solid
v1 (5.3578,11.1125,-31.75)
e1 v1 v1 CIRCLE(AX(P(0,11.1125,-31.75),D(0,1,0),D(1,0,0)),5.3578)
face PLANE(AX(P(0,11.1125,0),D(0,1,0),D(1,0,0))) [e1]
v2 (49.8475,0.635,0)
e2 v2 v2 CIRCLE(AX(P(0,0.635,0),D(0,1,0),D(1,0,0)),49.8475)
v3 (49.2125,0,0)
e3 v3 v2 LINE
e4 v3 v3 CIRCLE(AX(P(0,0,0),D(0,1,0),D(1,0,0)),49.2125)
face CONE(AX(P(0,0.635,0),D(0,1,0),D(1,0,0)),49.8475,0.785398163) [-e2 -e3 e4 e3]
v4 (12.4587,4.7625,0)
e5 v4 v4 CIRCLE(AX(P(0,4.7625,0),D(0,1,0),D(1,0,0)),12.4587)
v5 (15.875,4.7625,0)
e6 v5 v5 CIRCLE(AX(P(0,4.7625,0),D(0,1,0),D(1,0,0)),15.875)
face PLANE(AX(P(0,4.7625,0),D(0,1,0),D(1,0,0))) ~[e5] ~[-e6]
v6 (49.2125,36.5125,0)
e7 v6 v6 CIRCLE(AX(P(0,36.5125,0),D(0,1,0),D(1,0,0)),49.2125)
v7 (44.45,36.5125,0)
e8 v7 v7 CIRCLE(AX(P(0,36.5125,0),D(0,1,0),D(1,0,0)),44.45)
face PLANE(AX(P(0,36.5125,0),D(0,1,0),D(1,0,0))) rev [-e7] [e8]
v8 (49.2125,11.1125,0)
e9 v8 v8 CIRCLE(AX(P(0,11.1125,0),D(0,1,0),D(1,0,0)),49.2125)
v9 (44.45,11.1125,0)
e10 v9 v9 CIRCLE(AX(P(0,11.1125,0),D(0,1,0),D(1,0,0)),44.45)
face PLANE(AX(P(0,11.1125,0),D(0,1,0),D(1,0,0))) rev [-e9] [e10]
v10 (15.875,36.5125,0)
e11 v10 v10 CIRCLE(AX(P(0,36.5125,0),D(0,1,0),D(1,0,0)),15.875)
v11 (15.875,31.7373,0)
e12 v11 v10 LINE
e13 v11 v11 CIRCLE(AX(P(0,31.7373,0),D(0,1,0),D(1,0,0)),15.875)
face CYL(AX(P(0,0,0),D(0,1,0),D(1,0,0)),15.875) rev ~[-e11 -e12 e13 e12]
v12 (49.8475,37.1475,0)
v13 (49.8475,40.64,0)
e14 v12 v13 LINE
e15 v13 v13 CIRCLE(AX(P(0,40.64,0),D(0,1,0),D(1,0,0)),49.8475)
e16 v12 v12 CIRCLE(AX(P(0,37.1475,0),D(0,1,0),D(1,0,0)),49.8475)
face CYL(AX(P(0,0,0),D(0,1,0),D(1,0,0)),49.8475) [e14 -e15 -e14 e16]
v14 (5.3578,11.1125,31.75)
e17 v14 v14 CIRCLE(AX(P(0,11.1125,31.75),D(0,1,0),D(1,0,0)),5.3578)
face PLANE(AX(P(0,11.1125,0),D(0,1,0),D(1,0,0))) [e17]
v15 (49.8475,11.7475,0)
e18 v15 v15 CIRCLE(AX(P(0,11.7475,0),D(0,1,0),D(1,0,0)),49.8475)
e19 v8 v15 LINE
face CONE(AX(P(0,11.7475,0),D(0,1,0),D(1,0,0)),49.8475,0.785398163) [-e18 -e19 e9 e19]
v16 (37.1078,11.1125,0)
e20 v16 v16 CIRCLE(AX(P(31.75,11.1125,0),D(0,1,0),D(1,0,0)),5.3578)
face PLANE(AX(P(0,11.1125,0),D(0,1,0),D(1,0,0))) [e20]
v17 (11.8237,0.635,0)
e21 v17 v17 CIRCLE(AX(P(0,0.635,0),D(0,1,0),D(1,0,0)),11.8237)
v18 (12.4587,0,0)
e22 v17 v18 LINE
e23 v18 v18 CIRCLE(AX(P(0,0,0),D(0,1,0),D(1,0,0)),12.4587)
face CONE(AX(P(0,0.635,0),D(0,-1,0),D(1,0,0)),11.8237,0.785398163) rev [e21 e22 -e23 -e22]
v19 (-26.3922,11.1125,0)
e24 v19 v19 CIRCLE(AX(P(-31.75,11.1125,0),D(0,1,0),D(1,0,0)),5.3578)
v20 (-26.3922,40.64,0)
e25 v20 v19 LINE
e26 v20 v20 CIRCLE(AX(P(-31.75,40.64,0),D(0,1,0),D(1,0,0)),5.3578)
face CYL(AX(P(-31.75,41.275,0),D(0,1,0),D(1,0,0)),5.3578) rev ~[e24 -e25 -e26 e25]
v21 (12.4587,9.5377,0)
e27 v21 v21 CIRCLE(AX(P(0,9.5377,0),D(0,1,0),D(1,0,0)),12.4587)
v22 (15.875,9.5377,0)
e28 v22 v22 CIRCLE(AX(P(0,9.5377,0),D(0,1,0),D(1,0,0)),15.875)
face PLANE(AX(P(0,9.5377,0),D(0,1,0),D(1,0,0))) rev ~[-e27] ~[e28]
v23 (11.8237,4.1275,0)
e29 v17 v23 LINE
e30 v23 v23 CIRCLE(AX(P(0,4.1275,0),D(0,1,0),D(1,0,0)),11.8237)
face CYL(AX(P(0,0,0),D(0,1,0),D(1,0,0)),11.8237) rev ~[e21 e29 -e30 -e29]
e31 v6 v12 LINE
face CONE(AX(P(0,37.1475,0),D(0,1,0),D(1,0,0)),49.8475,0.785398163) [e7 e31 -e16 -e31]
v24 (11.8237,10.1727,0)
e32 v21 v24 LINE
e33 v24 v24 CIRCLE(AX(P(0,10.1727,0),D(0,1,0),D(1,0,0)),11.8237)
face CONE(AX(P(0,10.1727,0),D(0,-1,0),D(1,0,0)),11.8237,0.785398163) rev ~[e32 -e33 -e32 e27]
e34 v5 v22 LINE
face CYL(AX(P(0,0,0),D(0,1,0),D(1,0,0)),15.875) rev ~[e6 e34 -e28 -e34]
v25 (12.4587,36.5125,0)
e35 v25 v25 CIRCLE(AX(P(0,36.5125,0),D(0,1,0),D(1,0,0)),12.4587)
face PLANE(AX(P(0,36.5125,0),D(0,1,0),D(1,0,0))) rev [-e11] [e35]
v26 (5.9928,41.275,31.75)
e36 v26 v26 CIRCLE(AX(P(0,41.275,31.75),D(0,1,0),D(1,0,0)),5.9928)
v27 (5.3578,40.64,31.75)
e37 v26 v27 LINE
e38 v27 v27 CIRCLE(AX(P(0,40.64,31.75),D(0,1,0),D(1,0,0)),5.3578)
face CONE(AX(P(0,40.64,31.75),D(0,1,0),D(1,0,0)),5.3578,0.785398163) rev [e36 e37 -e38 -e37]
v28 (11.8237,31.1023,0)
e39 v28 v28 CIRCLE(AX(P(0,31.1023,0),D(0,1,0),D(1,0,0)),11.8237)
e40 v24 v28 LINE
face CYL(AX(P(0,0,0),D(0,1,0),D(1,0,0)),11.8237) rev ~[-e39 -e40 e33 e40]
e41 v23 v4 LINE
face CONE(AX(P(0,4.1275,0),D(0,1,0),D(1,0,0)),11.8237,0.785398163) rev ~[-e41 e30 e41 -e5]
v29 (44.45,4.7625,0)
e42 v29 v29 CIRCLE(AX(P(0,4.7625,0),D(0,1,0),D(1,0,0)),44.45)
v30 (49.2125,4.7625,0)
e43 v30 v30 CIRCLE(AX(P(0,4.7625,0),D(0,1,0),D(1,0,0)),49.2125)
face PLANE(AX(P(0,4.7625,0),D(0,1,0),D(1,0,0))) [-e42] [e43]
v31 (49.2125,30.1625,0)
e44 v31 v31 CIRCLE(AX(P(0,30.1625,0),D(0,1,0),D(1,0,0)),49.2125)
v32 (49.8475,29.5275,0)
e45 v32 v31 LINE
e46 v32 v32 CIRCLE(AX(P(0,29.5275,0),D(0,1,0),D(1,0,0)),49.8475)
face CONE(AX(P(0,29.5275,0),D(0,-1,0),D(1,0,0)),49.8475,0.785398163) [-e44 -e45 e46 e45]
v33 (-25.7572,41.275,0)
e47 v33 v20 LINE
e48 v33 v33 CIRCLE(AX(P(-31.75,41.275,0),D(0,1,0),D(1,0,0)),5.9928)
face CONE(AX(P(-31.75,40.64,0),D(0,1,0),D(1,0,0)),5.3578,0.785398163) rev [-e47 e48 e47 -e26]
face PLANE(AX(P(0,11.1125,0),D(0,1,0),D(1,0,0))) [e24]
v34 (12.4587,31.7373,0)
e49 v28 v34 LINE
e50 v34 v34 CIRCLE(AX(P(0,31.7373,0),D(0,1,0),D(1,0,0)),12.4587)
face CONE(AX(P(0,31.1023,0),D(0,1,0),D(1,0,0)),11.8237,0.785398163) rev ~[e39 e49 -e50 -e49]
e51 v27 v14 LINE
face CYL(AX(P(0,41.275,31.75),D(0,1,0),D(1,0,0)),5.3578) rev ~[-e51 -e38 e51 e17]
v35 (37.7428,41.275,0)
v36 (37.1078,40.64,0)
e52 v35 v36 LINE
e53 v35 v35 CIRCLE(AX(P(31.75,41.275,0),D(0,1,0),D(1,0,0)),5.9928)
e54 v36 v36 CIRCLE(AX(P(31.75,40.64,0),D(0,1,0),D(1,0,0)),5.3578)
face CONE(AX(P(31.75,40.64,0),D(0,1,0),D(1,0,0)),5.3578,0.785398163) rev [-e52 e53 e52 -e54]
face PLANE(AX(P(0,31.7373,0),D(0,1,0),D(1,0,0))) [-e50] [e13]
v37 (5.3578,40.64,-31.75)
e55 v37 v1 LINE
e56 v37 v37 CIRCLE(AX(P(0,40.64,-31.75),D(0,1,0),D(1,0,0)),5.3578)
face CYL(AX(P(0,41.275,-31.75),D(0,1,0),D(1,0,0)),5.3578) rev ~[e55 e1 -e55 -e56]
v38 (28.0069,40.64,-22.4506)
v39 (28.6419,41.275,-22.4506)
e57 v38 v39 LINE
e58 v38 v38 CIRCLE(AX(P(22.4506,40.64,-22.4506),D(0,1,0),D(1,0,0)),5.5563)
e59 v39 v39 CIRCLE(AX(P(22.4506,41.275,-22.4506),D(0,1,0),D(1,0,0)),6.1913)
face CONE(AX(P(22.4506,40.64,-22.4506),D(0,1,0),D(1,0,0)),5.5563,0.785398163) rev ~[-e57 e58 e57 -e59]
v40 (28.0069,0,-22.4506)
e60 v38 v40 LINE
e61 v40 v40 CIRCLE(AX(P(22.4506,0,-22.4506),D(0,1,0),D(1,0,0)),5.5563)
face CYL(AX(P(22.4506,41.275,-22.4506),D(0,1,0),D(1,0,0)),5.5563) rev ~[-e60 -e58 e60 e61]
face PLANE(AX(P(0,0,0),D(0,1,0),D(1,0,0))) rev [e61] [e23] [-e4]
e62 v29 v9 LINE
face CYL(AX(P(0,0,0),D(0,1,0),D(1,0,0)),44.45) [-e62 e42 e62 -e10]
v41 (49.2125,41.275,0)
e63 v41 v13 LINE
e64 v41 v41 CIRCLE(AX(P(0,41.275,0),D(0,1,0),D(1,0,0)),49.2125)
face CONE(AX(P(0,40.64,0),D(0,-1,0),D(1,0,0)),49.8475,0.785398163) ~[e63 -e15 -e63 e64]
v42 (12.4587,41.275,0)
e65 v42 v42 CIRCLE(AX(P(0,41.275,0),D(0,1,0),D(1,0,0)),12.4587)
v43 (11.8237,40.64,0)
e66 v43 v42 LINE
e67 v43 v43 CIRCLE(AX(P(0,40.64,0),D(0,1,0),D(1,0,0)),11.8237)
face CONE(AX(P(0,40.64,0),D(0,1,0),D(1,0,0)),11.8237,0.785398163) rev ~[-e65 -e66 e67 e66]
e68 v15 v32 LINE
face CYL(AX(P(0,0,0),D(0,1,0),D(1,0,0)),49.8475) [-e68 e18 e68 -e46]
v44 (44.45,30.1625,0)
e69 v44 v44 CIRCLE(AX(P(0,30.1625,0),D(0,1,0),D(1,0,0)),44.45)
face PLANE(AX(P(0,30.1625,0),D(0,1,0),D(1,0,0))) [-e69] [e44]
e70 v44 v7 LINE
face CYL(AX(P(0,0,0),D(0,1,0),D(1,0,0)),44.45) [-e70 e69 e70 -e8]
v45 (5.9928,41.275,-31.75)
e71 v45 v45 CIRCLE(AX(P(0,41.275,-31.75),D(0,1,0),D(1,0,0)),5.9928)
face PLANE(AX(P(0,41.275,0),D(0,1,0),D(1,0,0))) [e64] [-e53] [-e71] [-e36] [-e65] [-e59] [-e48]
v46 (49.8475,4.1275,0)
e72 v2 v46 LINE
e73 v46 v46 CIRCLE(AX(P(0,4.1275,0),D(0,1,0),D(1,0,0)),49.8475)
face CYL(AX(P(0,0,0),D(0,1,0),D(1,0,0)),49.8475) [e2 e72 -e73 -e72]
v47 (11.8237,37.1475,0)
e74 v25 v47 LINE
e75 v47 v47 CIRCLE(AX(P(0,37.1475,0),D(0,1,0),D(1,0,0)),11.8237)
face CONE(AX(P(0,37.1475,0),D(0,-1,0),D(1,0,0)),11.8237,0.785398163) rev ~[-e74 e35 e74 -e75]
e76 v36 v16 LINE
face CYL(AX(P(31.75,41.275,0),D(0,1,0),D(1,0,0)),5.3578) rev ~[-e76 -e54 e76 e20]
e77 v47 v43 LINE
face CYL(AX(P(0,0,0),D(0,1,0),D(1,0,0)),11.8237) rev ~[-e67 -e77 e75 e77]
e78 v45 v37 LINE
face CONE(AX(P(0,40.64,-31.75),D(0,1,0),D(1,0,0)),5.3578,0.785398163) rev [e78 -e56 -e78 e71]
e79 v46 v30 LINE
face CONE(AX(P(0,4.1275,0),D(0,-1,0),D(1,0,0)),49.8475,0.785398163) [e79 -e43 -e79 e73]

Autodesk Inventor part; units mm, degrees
ref_plane "YZ Plane" through (0, 0, 0) normal (1, 0, 0) x (0, 1, 0)
ref_plane "XZ Plane" through (0, 0, 0) normal (0, 1, 0) x (-1, 0, 0)
ref_plane "XY Plane" through (0, 0, 0) normal (0, 0, 1) x (1, 0, 0)
sketch "Sketch1" plane through (0, 0, 0) normal (0, 0, 1) x (1, 0, 0)
  line L0 (50.8, 0) -> (50.8, 39.0312) construction
  line L1 (0, 0) -> (49.8475, 0)
  line L2 (44.45, 0) -> (44.45, 51.6727)
  line L3 (0, 0) -> (0, 50.5742)
  line L4 (49.8475, 0) -> (49.8475, 45.6895)
  line L5 (49.8475, 4.7625) -> (44.45, 4.7625)
  line L6 (44.45, 11.1125) -> (49.8475, 11.1125)
  line L7 (49.8475, 30.1625) -> (44.45, 30.1625)
  line L8 (44.45, 36.5125) -> (49.8475, 36.5125)
  line L9 (49.8475, 41.275) -> (0, 41.275)
  line L10 (11.8237, 0) -> (11.8237, 53.9909)
  line L11 (15.875, 0) -> (15.875, 48.05)
  line L12 (11.8237, 4.7625) -> (15.875, 4.7625)
  line L13 (15.875, 9.5377) -> (11.8237, 9.5377)
  line L14 (15.875, 31.7373) -> (11.8237, 31.7373)
  line L15 (11.8237, 36.5125) -> (15.875, 36.5125)
  point P0 (47.1487, 36.5125)
  point P1 (44.45, 30.1625)
  point P2 (11.8237, 41.275)
  dimension "d1" = 49.8475
  dimension "d2" = 44.45
  dimension "d3" = 6.35
  dimension "d4" = 6.35
  dimension "d5" = 4.7625
  dimension "d6" = 19.05
  dimension "d7" = 4.7625
  dimension "d12" = 41.275
  dimension "d20" = 11.8237
  dimension "d21" = 5.3975
  dimension "d22" = 15.875
  dimension "d23" = 4.7752
  dimension "d24" = 4.7752
revolve "Revolution1" add sketch "Sketch1" angle 360 about axis through (0, 0, 0) along (0, 1, 0) contours L10 L12 L11 L1 | L11 L9 L2 L1 | L9 L11 L15 L10 | L2 L5 L4 L1 | L10 L14 L11 L13 | L9 L4 L8 L2 | L2 L7 L4 L6
chamfer "Chamfer1" distance 0.635 angle 45 12 edges at (-49.8475, 0, 0) (-49.8475, 4.7625, 0) (-49.8475, 11.1125, 0) (-49.8475, 30.1625, 0) (-49.8475, 36.5125, 0) (-49.8475, 41.275, 0) (-11.8237, 41.275, 0) (-11.8237, 36.5125, 0) (-11.8237, 31.7373, 0) (-11.8237, 9.5377, 0) (-11.8237, 4.7625, 0) (-11.8237, 0, 0)
sketch "Sketch3" plane through (0, 41.275, 0) normal (0, 1, 0) x (1, 0, 0)
  circle A0 centre (0, 31.75) radius 5.3578
  circle A1 centre (-31.75, 0) radius 5.3578
  circle A2 centre (0, -31.75) radius 5.3578
  circle A3 centre (31.75, 0) radius 5.3578
  circle A4 centre (0, 0) radius 31.75 construction
  line L0 (0, 0) -> (22.4506, 22.4506) construction
  line L1 (0, 0) -> (31.75, 0) construction
  circle A5 centre (22.4506, 22.4506) radius 5.5563
  dimension "d27" = 360
  dimension "d29" = 10.7156
  dimension "d30" = 31.75
  dimension "d31" = 45
  dimension "d32" = 11.1125
extrude "Extrusion3" cut sketch "Sketch3" against normal up to surface (30.1625 mm away) contours A0 | A1 | A2 | A3
extrude "Extrusion4" cut sketch "Sketch3" against normal blind 352.425 contours A5
chamfer "Chamfer2" distance 0.635 angle 45 5 edges at (-37.1078, 41.275, 0) (-5.3578, 41.275, -31.75) (16.8944, 41.275, -22.4506) (26.3922, 41.275, 0) (-5.3578, 41.275, 31.75)
properties part number "2 Piston"
